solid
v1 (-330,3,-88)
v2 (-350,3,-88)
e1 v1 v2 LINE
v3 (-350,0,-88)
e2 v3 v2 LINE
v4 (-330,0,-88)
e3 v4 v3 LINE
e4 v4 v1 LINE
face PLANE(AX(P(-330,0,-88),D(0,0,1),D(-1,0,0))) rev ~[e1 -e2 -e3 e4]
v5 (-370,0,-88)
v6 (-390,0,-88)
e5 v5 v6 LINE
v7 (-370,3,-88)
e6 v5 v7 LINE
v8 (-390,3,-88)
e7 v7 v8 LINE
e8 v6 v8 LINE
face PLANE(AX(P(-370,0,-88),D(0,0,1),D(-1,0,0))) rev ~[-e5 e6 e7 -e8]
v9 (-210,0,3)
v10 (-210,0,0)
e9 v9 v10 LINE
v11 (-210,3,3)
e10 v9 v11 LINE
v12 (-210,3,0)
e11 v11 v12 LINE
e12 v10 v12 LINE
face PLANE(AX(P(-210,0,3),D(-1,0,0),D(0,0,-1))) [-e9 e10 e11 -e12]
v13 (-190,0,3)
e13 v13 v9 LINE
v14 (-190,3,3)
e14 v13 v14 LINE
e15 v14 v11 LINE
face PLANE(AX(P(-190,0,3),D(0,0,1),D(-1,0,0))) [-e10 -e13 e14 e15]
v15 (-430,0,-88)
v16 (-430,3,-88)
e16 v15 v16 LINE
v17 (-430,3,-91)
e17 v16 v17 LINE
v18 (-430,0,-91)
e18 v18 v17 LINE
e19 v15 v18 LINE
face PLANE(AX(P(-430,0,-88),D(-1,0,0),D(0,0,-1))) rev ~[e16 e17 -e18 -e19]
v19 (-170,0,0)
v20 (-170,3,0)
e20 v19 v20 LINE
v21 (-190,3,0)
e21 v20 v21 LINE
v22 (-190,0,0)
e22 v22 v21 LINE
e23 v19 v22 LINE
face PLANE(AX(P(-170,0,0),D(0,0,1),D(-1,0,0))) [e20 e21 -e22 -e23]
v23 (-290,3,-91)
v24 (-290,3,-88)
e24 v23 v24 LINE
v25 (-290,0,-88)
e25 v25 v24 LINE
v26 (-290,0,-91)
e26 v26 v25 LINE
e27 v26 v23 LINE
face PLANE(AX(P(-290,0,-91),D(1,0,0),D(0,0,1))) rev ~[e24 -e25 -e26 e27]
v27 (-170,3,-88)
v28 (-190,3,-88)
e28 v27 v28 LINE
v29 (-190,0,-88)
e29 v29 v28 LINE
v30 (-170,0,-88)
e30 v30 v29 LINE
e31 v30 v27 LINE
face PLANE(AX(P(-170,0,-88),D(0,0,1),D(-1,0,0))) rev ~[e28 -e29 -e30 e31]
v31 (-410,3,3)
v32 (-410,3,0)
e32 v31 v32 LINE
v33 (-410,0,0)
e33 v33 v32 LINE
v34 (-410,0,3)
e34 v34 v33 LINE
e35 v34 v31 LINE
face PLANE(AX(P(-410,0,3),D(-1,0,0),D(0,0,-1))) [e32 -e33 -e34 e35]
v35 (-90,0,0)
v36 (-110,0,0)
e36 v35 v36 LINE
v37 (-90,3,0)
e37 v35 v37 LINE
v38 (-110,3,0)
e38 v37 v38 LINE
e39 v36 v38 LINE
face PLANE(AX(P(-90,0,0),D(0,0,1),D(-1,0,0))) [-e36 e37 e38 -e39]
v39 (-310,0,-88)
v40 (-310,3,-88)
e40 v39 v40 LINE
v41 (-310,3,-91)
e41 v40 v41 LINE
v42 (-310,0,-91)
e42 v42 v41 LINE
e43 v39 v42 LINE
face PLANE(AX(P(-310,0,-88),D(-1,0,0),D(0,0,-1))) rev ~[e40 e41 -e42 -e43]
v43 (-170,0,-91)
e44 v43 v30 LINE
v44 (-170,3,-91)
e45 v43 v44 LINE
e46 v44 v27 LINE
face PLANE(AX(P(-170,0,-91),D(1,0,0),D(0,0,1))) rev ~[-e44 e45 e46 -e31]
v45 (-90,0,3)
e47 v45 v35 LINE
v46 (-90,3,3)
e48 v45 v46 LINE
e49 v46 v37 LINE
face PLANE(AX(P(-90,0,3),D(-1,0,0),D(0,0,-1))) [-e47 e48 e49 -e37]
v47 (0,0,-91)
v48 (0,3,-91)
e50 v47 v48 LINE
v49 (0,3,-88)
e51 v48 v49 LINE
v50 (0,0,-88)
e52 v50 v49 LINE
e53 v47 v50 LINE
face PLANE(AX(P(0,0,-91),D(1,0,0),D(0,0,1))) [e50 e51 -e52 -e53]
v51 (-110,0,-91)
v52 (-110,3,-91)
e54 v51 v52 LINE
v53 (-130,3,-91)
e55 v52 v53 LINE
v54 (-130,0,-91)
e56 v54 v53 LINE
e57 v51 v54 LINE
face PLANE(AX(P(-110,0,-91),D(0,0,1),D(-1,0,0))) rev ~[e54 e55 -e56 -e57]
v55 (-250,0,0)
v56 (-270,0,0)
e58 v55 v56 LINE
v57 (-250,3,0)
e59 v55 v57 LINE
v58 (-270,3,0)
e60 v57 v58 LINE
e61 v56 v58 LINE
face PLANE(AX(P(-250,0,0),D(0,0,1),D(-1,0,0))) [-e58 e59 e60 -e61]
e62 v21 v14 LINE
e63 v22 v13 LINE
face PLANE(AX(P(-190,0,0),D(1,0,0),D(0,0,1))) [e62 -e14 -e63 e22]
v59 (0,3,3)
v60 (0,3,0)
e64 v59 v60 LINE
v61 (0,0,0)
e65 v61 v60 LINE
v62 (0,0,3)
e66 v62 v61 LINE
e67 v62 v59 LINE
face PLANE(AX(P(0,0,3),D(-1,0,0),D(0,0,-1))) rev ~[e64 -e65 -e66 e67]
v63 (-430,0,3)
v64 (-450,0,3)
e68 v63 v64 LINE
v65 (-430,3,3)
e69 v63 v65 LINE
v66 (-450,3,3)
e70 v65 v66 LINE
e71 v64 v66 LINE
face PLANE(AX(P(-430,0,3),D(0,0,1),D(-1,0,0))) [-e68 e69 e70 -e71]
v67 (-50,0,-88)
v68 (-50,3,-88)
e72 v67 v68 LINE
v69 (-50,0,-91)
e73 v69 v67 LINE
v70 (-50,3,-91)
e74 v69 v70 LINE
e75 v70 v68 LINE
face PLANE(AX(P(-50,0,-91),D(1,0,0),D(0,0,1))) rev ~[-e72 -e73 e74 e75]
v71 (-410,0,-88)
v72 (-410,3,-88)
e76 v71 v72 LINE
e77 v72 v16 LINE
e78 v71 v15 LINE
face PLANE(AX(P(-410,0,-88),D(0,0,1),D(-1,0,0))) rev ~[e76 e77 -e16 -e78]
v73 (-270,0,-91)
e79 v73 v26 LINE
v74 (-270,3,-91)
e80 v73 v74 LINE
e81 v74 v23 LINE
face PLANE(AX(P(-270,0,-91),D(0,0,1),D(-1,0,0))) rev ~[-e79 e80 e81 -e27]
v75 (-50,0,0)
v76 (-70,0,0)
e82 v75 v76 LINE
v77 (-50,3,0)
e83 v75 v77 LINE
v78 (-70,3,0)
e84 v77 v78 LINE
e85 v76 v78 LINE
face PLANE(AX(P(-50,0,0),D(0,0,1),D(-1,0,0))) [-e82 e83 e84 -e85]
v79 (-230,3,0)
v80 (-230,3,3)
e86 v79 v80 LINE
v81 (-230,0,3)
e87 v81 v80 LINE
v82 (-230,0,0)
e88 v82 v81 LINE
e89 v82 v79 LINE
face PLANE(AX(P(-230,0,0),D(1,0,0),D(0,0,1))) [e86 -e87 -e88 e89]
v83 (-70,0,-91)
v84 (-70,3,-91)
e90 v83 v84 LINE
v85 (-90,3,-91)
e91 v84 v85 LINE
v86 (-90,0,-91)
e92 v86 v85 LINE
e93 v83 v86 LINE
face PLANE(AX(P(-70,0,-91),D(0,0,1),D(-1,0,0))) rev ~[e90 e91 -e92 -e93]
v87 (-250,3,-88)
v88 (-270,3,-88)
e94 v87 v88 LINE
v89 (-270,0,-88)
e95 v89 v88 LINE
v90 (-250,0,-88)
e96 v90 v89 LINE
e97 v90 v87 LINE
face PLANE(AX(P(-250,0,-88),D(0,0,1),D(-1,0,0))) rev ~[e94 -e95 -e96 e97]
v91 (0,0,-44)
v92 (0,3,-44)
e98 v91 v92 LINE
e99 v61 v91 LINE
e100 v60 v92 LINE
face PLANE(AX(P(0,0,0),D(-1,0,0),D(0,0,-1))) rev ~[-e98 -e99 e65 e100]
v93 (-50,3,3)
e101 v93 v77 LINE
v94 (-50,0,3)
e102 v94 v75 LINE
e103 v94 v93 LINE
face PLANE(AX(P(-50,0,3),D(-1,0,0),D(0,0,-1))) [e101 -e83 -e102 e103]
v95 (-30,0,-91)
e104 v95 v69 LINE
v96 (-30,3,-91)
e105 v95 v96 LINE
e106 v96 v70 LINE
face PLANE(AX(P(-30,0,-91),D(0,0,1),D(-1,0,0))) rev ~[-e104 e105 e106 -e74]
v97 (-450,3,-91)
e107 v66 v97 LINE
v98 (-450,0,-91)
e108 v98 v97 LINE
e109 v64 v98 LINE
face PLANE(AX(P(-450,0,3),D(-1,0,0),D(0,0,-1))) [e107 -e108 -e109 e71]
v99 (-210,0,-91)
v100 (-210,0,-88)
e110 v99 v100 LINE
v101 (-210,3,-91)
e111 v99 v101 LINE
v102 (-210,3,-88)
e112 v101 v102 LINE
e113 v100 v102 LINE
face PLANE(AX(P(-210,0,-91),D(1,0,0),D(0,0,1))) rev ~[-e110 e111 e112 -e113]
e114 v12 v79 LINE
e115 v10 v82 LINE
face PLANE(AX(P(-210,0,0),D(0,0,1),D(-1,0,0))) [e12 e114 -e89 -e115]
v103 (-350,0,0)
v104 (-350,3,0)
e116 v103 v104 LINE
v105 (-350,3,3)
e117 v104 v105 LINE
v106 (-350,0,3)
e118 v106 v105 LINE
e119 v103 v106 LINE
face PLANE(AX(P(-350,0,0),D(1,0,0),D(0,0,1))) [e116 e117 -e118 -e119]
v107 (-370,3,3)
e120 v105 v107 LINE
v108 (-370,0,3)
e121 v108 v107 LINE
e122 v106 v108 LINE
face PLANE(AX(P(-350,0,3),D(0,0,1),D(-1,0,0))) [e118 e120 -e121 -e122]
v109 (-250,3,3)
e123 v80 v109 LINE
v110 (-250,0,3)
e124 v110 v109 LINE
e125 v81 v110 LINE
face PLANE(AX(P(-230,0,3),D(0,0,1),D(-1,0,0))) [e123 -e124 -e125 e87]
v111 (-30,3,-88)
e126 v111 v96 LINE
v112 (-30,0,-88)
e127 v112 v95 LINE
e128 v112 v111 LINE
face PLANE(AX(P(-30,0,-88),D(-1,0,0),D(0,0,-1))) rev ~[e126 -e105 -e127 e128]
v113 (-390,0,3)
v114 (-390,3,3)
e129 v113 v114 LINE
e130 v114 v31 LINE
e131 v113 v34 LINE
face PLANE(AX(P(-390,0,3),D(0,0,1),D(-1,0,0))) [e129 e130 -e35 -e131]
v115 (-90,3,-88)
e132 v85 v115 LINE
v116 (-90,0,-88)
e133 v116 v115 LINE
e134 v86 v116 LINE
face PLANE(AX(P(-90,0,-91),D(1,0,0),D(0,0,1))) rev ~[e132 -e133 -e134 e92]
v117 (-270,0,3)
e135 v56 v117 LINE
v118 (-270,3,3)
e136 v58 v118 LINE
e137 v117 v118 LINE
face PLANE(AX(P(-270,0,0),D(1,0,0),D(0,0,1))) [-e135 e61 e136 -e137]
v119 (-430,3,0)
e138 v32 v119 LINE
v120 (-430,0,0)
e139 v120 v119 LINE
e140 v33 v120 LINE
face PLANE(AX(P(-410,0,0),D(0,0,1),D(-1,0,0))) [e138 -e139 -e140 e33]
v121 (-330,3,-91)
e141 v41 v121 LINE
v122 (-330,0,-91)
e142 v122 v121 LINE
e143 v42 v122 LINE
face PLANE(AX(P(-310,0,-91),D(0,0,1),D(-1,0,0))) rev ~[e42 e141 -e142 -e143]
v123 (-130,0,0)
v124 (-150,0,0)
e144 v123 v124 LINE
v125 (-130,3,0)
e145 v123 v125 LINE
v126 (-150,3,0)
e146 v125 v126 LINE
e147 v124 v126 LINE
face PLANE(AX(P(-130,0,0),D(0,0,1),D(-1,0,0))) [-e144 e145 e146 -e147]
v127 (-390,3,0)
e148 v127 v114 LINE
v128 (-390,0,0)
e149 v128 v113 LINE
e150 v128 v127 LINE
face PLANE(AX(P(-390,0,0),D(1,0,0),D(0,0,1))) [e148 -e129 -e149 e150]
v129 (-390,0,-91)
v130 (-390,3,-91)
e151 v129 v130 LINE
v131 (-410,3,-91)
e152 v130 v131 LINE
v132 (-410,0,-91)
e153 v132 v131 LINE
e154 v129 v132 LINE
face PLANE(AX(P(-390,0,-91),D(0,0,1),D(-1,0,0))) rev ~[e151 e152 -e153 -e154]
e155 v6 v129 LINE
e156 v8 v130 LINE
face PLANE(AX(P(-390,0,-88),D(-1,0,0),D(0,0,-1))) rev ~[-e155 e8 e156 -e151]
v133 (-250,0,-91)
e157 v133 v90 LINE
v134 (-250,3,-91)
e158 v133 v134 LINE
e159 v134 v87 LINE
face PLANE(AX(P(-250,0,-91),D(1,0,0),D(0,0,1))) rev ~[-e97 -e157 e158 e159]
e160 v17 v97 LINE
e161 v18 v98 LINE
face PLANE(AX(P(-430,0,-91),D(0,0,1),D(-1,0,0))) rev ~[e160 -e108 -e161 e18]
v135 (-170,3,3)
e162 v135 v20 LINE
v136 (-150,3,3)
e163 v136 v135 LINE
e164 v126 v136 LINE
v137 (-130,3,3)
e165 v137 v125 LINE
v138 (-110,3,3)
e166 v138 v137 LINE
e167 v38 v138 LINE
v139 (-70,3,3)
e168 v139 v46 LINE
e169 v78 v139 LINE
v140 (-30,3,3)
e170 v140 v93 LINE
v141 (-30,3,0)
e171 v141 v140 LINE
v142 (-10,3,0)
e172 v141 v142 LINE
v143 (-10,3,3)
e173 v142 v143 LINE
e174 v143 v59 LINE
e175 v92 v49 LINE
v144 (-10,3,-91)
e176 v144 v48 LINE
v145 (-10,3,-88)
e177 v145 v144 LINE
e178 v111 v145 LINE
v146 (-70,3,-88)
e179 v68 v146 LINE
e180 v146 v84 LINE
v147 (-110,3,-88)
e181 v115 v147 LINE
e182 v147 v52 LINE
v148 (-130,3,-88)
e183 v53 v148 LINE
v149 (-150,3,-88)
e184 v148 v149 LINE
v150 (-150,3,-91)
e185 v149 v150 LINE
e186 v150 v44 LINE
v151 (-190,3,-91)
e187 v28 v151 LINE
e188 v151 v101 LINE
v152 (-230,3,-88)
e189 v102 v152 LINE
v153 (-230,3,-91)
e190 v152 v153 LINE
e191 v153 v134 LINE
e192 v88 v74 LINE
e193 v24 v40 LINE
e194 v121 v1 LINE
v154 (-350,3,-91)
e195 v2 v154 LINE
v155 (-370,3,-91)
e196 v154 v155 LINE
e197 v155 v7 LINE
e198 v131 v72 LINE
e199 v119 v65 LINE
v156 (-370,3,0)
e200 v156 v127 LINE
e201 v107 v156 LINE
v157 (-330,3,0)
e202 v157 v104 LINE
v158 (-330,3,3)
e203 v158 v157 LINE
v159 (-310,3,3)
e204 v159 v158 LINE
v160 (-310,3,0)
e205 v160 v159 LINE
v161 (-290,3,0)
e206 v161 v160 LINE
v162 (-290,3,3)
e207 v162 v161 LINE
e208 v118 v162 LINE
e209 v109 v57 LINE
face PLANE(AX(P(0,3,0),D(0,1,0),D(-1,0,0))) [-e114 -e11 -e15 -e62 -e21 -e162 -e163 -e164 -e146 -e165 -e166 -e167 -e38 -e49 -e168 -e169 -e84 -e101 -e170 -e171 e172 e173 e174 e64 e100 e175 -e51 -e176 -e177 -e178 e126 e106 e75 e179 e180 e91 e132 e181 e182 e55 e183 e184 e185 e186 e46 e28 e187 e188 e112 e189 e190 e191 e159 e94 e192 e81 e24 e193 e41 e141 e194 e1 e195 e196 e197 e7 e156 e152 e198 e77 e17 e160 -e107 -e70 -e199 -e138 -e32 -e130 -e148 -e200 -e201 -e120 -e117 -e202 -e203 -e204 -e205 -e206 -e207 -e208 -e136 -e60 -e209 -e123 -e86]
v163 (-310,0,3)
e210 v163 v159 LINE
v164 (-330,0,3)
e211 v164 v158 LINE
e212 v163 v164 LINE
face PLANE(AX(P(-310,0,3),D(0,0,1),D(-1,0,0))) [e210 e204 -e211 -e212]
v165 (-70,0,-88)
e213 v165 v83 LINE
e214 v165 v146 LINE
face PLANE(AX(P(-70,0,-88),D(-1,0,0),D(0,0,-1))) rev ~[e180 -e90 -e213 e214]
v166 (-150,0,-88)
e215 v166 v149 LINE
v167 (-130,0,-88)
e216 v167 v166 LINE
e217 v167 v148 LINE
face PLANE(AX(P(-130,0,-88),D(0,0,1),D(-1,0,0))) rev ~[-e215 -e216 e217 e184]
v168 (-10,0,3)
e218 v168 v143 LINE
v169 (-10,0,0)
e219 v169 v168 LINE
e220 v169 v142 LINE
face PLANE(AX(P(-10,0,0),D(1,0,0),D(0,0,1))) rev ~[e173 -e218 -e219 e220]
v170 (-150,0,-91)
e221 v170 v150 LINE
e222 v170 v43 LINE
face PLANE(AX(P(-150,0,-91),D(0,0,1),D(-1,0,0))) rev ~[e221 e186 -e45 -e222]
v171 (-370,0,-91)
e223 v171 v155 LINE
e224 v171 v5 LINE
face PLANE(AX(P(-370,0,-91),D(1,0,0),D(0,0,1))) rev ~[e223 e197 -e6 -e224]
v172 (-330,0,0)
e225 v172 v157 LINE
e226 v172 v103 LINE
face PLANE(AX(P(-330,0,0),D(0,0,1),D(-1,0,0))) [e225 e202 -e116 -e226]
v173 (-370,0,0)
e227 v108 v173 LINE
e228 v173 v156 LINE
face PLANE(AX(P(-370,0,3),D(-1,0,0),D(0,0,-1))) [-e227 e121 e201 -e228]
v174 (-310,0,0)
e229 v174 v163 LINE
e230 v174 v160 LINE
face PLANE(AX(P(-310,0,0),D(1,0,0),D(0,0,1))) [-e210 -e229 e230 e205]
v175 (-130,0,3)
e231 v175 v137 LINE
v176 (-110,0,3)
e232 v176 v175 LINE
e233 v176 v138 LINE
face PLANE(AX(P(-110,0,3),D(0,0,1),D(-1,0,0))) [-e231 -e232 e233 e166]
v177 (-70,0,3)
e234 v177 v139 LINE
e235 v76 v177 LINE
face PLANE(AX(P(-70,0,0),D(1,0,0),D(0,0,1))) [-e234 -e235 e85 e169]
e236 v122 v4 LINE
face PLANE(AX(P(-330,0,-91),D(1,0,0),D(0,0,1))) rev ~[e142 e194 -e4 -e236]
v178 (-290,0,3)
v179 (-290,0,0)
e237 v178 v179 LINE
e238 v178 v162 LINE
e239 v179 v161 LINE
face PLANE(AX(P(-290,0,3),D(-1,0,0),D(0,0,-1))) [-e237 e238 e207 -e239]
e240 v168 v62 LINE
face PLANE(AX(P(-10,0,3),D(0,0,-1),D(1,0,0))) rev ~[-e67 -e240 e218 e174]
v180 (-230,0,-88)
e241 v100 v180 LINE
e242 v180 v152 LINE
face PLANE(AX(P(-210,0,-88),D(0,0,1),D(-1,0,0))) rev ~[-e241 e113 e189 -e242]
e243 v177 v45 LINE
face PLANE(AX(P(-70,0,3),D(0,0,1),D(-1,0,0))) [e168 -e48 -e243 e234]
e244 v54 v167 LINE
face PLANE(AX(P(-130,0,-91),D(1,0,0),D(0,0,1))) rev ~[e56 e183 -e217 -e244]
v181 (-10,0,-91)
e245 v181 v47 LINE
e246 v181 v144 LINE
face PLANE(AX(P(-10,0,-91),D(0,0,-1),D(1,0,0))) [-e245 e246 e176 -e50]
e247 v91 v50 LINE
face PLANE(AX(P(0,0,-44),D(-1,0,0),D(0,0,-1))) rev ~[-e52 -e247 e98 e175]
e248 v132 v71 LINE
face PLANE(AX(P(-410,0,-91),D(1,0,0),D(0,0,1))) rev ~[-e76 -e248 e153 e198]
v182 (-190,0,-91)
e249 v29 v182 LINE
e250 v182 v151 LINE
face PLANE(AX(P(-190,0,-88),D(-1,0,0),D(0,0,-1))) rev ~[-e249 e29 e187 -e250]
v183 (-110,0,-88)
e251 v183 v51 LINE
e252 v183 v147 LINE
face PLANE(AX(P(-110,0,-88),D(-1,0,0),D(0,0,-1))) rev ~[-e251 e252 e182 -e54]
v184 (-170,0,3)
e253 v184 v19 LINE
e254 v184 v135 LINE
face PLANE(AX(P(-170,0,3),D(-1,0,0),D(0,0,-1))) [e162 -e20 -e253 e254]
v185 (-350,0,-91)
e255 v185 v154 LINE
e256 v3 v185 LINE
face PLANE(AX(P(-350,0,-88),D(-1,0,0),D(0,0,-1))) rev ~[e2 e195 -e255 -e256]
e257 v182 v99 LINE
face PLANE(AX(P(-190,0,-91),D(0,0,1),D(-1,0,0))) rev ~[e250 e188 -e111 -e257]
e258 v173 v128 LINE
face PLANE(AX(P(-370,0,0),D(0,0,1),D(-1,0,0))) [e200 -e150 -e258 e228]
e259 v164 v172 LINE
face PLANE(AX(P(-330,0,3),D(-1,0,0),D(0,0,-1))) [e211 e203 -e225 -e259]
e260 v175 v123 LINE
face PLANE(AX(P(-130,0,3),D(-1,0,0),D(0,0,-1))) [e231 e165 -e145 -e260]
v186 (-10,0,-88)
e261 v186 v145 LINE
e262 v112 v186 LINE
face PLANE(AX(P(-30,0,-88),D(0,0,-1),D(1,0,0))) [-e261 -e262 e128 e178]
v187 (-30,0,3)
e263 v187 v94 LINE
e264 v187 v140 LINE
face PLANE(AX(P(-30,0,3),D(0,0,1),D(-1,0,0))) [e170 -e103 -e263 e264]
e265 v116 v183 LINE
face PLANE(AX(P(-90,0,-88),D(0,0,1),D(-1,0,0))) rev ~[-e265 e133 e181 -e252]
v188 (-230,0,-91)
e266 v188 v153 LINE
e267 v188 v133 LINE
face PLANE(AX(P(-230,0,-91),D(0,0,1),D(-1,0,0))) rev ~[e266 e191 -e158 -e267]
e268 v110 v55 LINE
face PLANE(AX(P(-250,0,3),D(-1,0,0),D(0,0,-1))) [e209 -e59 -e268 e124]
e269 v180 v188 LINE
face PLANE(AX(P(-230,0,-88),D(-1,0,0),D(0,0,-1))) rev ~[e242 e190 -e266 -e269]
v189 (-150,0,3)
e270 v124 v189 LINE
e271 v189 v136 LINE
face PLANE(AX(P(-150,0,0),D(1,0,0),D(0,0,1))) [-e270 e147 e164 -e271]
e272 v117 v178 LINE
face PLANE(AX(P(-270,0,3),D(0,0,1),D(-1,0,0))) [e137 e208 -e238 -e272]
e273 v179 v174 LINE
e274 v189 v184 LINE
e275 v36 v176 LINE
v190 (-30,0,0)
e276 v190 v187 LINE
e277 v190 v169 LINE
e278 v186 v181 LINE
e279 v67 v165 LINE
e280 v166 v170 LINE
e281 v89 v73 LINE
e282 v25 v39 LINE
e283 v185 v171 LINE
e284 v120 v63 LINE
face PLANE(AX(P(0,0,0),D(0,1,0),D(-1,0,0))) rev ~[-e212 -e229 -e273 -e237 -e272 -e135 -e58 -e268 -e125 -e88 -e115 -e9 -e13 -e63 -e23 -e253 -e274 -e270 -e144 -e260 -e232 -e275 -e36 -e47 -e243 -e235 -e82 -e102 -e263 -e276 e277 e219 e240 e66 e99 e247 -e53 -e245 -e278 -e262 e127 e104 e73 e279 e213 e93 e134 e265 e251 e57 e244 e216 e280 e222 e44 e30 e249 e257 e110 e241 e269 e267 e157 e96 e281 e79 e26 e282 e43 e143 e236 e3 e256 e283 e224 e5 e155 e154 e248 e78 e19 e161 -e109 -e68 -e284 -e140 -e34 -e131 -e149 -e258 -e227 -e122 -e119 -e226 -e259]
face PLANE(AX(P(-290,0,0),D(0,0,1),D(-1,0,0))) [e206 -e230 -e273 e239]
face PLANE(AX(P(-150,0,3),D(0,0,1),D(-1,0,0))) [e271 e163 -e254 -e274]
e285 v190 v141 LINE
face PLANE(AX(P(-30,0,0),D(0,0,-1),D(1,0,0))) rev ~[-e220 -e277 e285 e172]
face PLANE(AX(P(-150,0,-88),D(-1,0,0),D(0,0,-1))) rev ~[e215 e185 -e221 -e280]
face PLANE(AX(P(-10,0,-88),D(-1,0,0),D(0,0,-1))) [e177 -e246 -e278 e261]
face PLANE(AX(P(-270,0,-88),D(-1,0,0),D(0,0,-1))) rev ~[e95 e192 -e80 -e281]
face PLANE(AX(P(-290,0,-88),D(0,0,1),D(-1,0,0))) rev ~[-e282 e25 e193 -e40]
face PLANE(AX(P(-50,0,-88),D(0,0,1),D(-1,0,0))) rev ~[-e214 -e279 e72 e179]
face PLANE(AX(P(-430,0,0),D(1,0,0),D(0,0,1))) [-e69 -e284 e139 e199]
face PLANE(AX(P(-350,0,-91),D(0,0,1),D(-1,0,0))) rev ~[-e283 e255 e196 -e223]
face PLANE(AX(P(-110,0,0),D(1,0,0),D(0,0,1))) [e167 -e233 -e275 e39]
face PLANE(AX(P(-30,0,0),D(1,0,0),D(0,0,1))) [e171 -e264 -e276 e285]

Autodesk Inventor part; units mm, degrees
ref_plane "YZ Plane" through (0, 0, 0) normal (1, 0, 0) x (0, 1, 0)
ref_plane "XZ Plane" through (0, 0, 0) normal (0, 1, 0) x (-1, 0, 0)
ref_plane "XY Plane" through (0, 0, 0) normal (0, 0, 1) x (1, 0, 0)
sketch "Sketch1" plane through (0, 0, 0) normal (0, 1, 0) x (-1, 0, 0)
  line L0 (0, 0) -> (0, -88)
  line L1 (30, -88) -> (30, -91)
  line L2 (30, -91) -> (50, -91)
  line L3 (50, -91) -> (50, -88)
  line L4 (50, -88) -> (70, -88)
  line L5 (70, -88) -> (70, -91)
  line L6 (70, -91) -> (90, -91)
  line L7 (90, -91) -> (90, -88)
  line L8 (90, -88) -> (110, -88)
  line L9 (110, -88) -> (110, -91)
  line L10 (110, -91) -> (130, -91)
  line L11 (130, -91) -> (130, -88)
  line L12 (130, -88) -> (150, -88)
  line L13 (150, -88) -> (150, -91)
  line L14 (150, -91) -> (170, -91)
  line L15 (170, -91) -> (170, -88)
  line L16 (170, -88) -> (190, -88)
  line L17 (190, -88) -> (190, -91)
  line L18 (190, -91) -> (210, -91)
  line L19 (210, -91) -> (210, -88)
  line L20 (210, -88) -> (230, -88)
  line L21 (230, -88) -> (230, -91)
  line L22 (230, -91) -> (250, -91)
  line L23 (250, -91) -> (250, -88)
  line L24 (250, -88) -> (270, -88)
  line L25 (270, -88) -> (270, -91)
  line L26 (270, -91) -> (290, -91)
  line L27 (290, -91) -> (290, -88)
  line L28 (290, -88) -> (310, -88)
  line L29 (310, -88) -> (310, -91)
  line L30 (310, -91) -> (330, -91)
  line L31 (330, -91) -> (330, -88)
  line L32 (330, -88) -> (350, -88)
  line L33 (350, -88) -> (350, -91)
  line L34 (350, -91) -> (370, -91)
  line L35 (370, -91) -> (370, -88)
  line L36 (370, -88) -> (390, -88)
  line L37 (390, -88) -> (390, -91)
  line L38 (390, -91) -> (410, -91)
  line L39 (410, -91) -> (410, -88)
  line L40 (410, -88) -> (430, -88)
  line L41 (430, -88) -> (430, -91)
  line L42 (0, -44) -> (10, -44)
  line L43 (30, 0) -> (30, 3)
  line L44 (30, 3) -> (50, 3)
  line L45 (50, 3) -> (50, 0)
  line L46 (50, 0) -> (70, 0)
  line L47 (70, 0) -> (70, 3)
  line L48 (70, 3) -> (90, 3)
  line L49 (90, 3) -> (90, 0)
  line L50 (90, 0) -> (110, 0)
  line L51 (110, 0) -> (110, 3)
  line L52 (110, 3) -> (130, 3)
  line L53 (130, 3) -> (130, 0)
  line L54 (130, 0) -> (150, 0)
  line L55 (150, 0) -> (150, 3)
  line L56 (150, 3) -> (170, 3)
  line L57 (170, 3) -> (170, 0)
  line L58 (170, 0) -> (190, 0)
  line L59 (190, 0) -> (190, 3)
  line L60 (190, 3) -> (210, 3)
  line L61 (210, 3) -> (210, 0)
  line L62 (210, 0) -> (230, 0)
  line L63 (230, 0) -> (230, 3)
  line L64 (230, 3) -> (250, 3)
  line L65 (250, 3) -> (250, 0)
  line L66 (250, 0) -> (270, 0)
  line L67 (270, 0) -> (270, 3)
  line L68 (270, 3) -> (290, 3)
  line L69 (290, 3) -> (290, 0)
  line L70 (290, 0) -> (310, 0)
  line L71 (310, 0) -> (310, 3)
  line L72 (310, 3) -> (330, 3)
  line L73 (330, 3) -> (330, 0)
  line L74 (330, 0) -> (350, 0)
  line L75 (350, 0) -> (350, 3)
  line L76 (350, 3) -> (370, 3)
  line L77 (370, 3) -> (370, 0)
  line L78 (370, 0) -> (390, 0)
  line L79 (390, 0) -> (390, 3)
  line L80 (390, 3) -> (410, 3)
  line L81 (410, 3) -> (410, 0)
  line L82 (410, 0) -> (430, 0)
  line L83 (430, -91) -> (450, -91)
  line L84 (430, 0) -> (430, 3)
  line L85 (430, 3) -> (450, 3)
  line L86 (450, 3) -> (450, -91)
  line L87 (30, -88) -> (10, -88)
  line L88 (10, -88) -> (10, -91)
  line L89 (10, -91) -> (0, -91)
  line L90 (0, -91) -> (0, -88)
  line L91 (30, 0) -> (10, 0)
  line L92 (10, 0) -> (10, 3)
  line L93 (10, 3) -> (0, 3)
  line L94 (0, 3) -> (0, 0)
  dimension "d0" = 88
  dimension "d26" = 3
  dimension "d27" = 20
  dimension "d28" = 20
  dimension "d29" = 20
  dimension "d30" = 20
  dimension "d31" = 20
  dimension "d32" = 20
  dimension "d33" = 20
  dimension "d34" = 20
  dimension "d35" = 20
  dimension "d36" = 20
  dimension "d37" = 20
  dimension "d38" = 20
  dimension "d39" = 20
  dimension "d40" = 20
  dimension "d41" = 20
  dimension "d42" = 20
  dimension "d43" = 20
  dimension "d44" = 20
  dimension "d45" = 20
  dimension "d46" = 20
  dimension "d48" = 10
  dimension "d59" = 20
  dimension "d64" = 3
  dimension "d65" = 3
  dimension "d66" = 3
  dimension "d67" = 3
  dimension "d68" = 20
  dimension "d69" = 20
  dimension "d70" = 3
extrude "Extrusion1" add sketch "Sketch1" along normal blind 3
properties part number "Part2 box" material "Wood (Birch)"
